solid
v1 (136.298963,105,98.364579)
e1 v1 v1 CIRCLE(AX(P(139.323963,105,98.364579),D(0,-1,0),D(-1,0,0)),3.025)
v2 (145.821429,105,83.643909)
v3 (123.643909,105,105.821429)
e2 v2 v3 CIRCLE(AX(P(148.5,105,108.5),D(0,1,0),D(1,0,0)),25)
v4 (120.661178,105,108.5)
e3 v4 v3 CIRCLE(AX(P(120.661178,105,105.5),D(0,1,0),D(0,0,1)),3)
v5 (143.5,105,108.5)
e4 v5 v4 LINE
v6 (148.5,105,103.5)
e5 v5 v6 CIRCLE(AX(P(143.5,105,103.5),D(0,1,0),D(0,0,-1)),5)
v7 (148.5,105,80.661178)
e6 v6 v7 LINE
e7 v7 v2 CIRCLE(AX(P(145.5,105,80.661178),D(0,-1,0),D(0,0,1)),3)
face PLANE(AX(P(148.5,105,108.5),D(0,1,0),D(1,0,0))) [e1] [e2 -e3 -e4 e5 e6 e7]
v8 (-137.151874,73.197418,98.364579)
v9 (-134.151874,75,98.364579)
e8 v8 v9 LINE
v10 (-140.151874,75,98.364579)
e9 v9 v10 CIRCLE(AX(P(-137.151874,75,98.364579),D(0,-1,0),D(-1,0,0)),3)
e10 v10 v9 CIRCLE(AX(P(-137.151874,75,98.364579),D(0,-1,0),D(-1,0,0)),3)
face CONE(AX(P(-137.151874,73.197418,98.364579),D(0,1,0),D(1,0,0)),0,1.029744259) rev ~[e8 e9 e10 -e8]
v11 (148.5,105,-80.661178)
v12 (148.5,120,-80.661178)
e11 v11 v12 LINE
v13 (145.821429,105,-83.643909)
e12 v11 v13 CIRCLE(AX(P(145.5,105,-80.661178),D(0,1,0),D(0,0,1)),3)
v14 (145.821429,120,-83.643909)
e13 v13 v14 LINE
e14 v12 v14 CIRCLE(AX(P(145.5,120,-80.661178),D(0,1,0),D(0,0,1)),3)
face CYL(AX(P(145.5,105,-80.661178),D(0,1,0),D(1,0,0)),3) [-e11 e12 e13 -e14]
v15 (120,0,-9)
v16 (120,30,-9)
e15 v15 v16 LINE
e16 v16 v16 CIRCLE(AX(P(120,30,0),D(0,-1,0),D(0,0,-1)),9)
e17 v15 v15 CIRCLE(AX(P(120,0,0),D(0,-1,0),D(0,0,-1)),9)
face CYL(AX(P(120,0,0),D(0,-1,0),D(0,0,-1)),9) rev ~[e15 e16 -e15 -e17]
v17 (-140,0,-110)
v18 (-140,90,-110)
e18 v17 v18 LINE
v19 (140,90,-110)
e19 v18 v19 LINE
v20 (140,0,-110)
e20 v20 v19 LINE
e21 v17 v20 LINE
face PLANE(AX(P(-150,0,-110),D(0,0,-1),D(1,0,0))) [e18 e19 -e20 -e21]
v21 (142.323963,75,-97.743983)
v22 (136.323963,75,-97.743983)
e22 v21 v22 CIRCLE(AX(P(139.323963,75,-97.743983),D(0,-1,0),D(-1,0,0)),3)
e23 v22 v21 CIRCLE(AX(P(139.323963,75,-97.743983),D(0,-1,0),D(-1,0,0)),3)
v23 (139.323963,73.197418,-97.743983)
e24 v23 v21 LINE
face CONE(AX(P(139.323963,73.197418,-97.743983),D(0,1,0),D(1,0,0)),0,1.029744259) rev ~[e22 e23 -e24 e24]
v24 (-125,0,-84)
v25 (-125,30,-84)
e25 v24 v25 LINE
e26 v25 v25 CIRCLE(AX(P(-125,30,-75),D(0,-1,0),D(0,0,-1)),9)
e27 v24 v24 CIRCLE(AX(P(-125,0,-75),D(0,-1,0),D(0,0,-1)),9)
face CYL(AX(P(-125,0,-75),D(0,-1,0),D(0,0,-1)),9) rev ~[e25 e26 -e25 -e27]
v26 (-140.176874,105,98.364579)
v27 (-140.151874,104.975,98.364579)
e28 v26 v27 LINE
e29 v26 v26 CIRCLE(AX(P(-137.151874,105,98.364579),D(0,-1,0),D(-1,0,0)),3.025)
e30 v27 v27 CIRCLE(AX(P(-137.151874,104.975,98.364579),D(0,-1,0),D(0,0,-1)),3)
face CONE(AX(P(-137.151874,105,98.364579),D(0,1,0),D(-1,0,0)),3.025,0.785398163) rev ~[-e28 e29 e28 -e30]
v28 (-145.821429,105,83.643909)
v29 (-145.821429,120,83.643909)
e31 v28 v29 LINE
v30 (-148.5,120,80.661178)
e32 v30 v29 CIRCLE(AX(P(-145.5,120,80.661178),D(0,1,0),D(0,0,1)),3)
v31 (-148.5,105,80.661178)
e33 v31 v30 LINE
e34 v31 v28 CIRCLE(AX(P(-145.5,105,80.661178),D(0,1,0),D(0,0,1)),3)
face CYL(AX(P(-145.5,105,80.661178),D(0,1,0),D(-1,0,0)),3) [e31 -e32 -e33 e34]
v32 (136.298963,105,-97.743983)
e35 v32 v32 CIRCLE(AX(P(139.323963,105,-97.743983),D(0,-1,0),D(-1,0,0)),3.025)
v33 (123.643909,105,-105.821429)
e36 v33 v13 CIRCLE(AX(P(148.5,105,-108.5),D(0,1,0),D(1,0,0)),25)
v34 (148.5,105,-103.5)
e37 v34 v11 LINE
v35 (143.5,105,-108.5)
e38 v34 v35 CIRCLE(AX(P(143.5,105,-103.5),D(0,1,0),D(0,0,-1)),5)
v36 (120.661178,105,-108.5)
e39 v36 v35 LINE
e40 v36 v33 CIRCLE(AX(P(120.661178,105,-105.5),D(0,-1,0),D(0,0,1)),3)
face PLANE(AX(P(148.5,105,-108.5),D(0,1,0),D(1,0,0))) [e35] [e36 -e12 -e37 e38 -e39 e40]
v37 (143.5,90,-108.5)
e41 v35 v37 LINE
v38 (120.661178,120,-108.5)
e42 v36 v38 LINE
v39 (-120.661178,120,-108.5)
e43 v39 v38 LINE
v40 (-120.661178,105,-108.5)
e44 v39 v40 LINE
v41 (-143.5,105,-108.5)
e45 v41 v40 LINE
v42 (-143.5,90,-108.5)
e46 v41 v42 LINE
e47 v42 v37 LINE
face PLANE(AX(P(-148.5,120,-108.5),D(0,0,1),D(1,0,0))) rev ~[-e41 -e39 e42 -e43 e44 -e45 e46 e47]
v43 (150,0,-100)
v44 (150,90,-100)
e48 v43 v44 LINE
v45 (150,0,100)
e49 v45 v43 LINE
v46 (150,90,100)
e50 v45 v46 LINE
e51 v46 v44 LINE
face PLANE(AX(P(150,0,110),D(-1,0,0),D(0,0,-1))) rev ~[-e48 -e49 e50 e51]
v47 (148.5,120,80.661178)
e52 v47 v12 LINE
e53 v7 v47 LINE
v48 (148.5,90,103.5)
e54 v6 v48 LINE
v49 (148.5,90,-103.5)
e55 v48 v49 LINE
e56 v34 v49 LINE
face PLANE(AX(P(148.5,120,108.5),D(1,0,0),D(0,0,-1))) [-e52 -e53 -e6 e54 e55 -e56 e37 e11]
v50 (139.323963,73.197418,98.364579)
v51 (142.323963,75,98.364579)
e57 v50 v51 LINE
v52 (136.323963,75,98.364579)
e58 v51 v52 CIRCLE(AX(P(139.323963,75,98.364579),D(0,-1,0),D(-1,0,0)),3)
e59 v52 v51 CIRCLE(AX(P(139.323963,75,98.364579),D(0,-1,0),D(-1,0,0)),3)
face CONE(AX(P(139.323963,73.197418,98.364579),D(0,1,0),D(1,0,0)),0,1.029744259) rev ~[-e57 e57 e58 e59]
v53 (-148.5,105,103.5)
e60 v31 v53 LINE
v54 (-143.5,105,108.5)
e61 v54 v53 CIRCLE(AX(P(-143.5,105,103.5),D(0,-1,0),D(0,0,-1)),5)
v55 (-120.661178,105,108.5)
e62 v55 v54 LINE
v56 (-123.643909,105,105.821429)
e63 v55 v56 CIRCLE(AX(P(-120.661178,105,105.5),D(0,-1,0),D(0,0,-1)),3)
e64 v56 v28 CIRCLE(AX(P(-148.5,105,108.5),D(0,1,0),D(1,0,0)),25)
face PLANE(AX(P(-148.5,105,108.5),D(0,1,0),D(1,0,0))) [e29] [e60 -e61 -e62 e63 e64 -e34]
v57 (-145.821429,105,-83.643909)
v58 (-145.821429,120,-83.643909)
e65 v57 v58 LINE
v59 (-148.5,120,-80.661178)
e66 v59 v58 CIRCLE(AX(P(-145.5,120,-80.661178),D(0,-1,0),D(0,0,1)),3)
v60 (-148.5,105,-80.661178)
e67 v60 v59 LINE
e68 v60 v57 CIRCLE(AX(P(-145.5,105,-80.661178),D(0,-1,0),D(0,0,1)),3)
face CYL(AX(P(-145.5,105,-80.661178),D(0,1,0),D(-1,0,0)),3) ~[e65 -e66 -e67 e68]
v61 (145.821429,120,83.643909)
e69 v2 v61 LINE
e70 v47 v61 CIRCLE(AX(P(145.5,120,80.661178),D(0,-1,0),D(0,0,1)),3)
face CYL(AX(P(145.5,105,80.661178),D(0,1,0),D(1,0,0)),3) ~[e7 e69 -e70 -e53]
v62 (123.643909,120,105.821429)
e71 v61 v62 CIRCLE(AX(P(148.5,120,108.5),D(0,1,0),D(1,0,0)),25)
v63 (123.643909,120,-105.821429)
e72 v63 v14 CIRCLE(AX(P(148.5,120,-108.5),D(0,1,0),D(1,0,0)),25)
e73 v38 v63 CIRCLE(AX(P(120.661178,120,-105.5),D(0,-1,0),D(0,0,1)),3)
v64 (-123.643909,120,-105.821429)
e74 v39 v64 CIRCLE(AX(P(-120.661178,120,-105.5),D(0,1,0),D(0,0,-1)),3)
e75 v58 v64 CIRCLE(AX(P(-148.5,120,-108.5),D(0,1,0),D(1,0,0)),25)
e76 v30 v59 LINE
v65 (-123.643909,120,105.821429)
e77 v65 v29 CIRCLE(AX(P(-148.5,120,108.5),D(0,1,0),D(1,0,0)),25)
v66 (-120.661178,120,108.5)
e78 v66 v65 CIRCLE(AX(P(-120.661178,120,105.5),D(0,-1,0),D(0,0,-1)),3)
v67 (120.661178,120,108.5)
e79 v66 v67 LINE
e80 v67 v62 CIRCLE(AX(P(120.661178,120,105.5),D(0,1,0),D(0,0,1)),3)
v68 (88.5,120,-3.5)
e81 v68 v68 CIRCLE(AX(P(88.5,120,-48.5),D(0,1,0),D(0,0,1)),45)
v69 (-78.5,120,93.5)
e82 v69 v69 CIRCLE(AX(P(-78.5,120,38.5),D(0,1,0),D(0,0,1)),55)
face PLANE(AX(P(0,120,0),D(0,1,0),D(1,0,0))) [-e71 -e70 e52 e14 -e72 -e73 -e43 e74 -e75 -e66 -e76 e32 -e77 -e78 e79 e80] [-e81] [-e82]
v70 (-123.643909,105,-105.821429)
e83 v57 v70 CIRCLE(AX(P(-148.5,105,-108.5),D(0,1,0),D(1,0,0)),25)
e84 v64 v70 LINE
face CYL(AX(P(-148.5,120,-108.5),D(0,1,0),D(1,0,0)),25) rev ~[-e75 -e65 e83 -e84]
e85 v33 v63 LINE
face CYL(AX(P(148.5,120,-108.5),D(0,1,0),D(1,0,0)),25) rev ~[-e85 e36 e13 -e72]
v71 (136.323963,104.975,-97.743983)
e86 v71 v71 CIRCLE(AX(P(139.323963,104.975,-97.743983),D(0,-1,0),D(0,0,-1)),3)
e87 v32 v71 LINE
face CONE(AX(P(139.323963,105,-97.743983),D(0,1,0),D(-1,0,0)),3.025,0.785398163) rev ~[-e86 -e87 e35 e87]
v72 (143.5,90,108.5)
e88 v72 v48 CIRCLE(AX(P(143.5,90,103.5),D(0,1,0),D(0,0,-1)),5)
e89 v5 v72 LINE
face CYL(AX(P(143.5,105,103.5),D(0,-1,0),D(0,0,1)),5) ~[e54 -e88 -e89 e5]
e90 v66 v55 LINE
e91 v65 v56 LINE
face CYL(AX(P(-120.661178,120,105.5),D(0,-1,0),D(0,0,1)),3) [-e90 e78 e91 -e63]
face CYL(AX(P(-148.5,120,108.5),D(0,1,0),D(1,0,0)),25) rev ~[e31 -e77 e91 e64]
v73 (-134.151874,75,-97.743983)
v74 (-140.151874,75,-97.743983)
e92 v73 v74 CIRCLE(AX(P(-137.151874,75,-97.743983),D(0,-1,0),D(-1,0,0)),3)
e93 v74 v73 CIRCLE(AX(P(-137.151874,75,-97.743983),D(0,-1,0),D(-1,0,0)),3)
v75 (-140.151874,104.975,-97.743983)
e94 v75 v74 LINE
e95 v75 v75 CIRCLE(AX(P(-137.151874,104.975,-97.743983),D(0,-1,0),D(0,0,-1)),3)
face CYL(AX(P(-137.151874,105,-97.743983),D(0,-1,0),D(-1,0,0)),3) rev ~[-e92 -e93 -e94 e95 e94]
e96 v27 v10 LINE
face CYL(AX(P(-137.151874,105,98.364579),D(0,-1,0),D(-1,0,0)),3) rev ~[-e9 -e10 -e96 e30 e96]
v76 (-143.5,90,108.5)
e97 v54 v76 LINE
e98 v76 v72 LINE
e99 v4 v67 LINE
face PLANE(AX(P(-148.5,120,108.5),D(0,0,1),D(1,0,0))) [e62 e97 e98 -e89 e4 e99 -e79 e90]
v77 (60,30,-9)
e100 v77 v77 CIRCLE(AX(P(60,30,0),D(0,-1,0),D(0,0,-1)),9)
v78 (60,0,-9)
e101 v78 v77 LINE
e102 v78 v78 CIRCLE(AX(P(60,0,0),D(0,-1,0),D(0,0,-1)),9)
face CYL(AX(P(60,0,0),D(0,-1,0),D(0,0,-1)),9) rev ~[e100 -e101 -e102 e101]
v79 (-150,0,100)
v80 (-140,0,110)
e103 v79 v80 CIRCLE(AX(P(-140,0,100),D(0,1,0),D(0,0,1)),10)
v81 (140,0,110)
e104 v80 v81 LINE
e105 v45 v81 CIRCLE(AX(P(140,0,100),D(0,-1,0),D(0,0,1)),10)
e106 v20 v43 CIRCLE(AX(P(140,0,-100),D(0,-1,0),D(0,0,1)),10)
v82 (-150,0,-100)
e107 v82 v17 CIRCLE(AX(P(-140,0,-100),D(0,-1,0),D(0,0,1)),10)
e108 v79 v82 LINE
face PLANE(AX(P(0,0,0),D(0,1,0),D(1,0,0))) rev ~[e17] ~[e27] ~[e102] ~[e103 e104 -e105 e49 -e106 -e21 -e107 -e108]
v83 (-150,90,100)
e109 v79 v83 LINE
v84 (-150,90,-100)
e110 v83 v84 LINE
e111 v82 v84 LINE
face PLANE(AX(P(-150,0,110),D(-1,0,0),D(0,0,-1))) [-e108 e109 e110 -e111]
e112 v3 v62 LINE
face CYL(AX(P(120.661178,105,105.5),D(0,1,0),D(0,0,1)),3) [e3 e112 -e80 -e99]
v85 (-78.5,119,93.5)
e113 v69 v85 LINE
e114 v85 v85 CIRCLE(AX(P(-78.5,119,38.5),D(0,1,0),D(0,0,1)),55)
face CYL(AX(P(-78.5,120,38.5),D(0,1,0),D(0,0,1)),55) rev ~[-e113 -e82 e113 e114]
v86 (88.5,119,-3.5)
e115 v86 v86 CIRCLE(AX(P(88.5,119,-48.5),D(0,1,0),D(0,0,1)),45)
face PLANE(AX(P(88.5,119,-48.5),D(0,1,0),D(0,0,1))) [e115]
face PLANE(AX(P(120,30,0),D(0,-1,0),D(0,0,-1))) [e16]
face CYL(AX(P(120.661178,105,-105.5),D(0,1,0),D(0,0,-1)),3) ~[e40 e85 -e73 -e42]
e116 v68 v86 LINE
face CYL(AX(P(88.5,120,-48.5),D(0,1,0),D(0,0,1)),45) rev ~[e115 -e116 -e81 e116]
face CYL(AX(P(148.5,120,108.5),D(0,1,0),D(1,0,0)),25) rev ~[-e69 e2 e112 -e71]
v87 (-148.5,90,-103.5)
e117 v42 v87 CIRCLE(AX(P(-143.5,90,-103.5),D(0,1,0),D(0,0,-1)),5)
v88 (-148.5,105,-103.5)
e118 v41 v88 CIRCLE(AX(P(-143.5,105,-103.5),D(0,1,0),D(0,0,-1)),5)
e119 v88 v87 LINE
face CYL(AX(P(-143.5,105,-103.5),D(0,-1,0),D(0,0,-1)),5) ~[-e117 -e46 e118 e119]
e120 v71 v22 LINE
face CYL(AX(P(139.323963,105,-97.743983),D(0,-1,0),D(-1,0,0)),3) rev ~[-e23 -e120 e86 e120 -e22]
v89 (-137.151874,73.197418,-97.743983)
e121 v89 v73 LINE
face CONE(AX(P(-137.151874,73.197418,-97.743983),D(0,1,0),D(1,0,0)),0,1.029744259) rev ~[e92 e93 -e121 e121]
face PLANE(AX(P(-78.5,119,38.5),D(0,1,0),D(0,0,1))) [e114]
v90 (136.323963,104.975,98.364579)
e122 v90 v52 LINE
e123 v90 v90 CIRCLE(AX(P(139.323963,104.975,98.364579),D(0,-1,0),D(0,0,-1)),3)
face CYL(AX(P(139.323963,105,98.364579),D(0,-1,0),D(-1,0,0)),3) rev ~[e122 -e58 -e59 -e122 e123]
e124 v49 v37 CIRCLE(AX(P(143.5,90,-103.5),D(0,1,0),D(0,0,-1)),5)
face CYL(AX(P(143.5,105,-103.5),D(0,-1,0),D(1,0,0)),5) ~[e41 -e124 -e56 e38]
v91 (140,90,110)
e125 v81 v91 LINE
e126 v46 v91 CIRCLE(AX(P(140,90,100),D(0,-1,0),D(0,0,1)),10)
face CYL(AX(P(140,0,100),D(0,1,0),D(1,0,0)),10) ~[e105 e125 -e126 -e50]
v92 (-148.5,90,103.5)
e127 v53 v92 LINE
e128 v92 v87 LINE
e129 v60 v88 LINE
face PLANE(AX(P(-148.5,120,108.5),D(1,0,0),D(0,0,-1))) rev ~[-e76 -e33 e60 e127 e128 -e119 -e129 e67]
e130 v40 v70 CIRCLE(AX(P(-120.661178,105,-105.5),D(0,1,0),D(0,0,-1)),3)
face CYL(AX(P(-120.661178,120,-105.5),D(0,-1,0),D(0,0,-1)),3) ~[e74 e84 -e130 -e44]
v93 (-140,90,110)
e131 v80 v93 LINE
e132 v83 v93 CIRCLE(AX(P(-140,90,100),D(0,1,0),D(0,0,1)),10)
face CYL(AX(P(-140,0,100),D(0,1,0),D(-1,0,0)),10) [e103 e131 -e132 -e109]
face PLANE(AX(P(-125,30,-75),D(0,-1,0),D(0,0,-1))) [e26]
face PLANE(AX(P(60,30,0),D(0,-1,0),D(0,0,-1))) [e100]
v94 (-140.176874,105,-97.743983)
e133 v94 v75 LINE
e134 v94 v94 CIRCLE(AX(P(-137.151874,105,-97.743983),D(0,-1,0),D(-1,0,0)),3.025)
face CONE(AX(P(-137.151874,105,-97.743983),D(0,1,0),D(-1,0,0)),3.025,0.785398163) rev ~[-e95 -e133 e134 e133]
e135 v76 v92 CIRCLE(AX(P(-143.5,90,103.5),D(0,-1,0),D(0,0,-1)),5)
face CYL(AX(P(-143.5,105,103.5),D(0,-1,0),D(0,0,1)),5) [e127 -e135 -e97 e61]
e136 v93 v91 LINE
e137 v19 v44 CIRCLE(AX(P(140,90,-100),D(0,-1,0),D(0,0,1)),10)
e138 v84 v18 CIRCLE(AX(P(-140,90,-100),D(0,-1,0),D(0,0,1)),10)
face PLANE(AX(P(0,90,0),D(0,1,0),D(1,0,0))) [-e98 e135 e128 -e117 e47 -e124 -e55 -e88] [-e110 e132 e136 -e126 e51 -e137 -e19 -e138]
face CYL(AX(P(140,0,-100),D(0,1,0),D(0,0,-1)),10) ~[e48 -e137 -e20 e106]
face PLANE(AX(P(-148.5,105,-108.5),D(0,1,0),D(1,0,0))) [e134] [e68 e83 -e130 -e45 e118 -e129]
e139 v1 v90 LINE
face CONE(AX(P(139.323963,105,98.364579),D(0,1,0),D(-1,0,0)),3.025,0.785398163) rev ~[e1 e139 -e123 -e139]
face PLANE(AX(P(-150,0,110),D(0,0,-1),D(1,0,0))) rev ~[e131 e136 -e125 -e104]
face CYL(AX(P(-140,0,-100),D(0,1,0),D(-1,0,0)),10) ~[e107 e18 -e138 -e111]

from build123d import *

# Parameters (mm, degrees)
SKETCH1_W                       = 300
SKETCH1_H                       = 220
BOSS_EXTRUDE1_DEPTH             = 120
SKETCH3_OUTSIDE_W               = 380.18
SKETCH3_OUTSIDE_H               = 300.18
SKETCH3_OUTSIDE_W_2             = 297
SKETCH3_OUTSIDE_H_2             = 217
CUT_EXTRUDE3_DEPTH              = 30
SKETCH4_R                       = 25
CUT_EXTRUDE4_DEPTH              = 15
FILLET1_R                       = 3
FILLET2_R                       = 5
FILLET3_R                       = 10
F_6_0MM_DOWEL_HOLE1_D           = 6
F_6_0MM_DOWEL_HOLE1_DEPTH       = 30
F_6_0MM_DOWEL_HOLE1_CSINK_D     = 6.05
F_6_0MM_DOWEL_HOLE1_CSINK_ANGLE = 90
F_6_0MM_DOWEL_HOLE1_TIP         = 1.802581857
SKETCH10_R                      = 55
SKETCH10_R_2                    = 45
CUT_EXTRUDE5_DEPTH              = 1
SKETCH11_R                      = 9
CUT_EXTRUDE6_DEPTH              = 30


with BuildPart() as part:
    # Sketch1 → Boss-Extrude1 (new body)
    with BuildSketch(Plane(origin=(0, 0, 0), x_dir=(1, 0, 0), z_dir=(0, 1, 0))):
        Rectangle(SKETCH1_W, SKETCH1_H)
    extrude(amount=BOSS_EXTRUDE1_DEPTH)

    # Sketch3 outside → Cut-Extrude3 (cut)
    with BuildSketch(Plane(origin=(0, 120, 0), x_dir=(1, 0, 0), z_dir=(0, 1, 0))):
        Rectangle(SKETCH3_OUTSIDE_W, SKETCH3_OUTSIDE_H)
        Rectangle(SKETCH3_OUTSIDE_W_2, SKETCH3_OUTSIDE_H_2, mode=Mode.SUBTRACT)
    extrude(amount=-CUT_EXTRUDE3_DEPTH, mode=Mode.SUBTRACT)

    # Sketch4 → Cut-Extrude4 (cut)
    with BuildSketch(Plane(origin=(0, 120, 0), x_dir=(1, 0, 0), z_dir=(0, 1, 0))):
        with Locations((-148.5, -108.5)):
            Circle(SKETCH4_R)
        with Locations((-148.5, 108.5)):
            Circle(SKETCH4_R)
        with Locations((148.5, 108.5)):
            Circle(SKETCH4_R)
        with Locations((148.5, -108.5)):
            Circle(SKETCH4_R)
    extrude(amount=-CUT_EXTRUDE4_DEPTH, mode=Mode.SUBTRACT)

    # Fillet1
    fillet1_edges = [part.edges().sort_by_distance(p)[0] for p in [
        (148.5, 112.5, 83.5),
        (123.5, 112.5, 108.5),
        (123.5, 112.5, -108.5),
        (148.5, 112.5, -83.5),
        (-123.5, 112.5, -108.5),
        (-148.5, 112.5, -83.5),
        (-123.5, 112.5, 108.5),
        (-148.5, 112.5, 83.5),
    ]]
    fillet(fillet1_edges, radius=FILLET1_R)

    # Fillet2
    fillet2_edges = [part.edges().sort_by_distance(p)[0] for p in [
        (148.5, 97.5, -108.5),
        (148.5, 97.5, 108.5),
        (-148.5, 97.5, 108.5),
        (-148.5, 97.5, -108.5),
    ]]
    fillet(fillet2_edges, radius=FILLET2_R)

    # Fillet3
    fillet3_edges = [part.edges().sort_by_distance(p)[0] for p in [
        (-150, 45, -110),
        (150, 45, -110),
        (150, 45, 110),
        (-150, 45, 110),
    ]]
    fillet(fillet3_edges, radius=FILLET3_R)

    # Ø6.0mm Dowel Hole1
    with Locations(Plane(origin=(0, 105, 0), x_dir=(1, 0, 0), z_dir=(0, 1, 0))):
        with Locations((-137.151874048, 97.743982636), (-137.151874048, -98.364579351), (139.323962551, -98.364579351), (139.323962551, 97.743982636)):
            CounterSinkHole(F_6_0MM_DOWEL_HOLE1_D / 2, F_6_0MM_DOWEL_HOLE1_CSINK_D / 2, depth=F_6_0MM_DOWEL_HOLE1_DEPTH, counter_sink_angle=F_6_0MM_DOWEL_HOLE1_CSINK_ANGLE)
            with Locations((0, 0, -(F_6_0MM_DOWEL_HOLE1_DEPTH + F_6_0MM_DOWEL_HOLE1_TIP / 2))):  # 118° drill point
                Cone(0, F_6_0MM_DOWEL_HOLE1_D / 2, F_6_0MM_DOWEL_HOLE1_TIP, mode=Mode.SUBTRACT)

    # Sketch10 → Cut-Extrude5 (cut)
    with BuildSketch(Plane(origin=(0, 120, 0), x_dir=(1, 0, 0), z_dir=(0, 1, 0))):
        with Locations(Location((-78.5, -38.5, 0), (0, 0, 270))):
            Circle(SKETCH10_R)
        with Locations(Location((88.5, 48.5, 0), (0, 0, 270))):
            Circle(SKETCH10_R_2)
    extrude(amount=-CUT_EXTRUDE5_DEPTH, mode=Mode.SUBTRACT)

    # Sketch11 → Cut-Extrude6 (cut)
    with BuildSketch(Plane.XZ):
        with Locations(Location((120, 0, 0), (0, 0, 270))):
            Circle(SKETCH11_R)
        with Locations(Location((60, 0, 0), (0, 0, 270))):
            Circle(SKETCH11_R)
        with Locations(Location((-125, -75, 0), (0, 0, 270))):
            Circle(SKETCH11_R)
    extrude(amount=-CUT_EXTRUDE6_DEPTH, mode=Mode.SUBTRACT)


solid = part.part
